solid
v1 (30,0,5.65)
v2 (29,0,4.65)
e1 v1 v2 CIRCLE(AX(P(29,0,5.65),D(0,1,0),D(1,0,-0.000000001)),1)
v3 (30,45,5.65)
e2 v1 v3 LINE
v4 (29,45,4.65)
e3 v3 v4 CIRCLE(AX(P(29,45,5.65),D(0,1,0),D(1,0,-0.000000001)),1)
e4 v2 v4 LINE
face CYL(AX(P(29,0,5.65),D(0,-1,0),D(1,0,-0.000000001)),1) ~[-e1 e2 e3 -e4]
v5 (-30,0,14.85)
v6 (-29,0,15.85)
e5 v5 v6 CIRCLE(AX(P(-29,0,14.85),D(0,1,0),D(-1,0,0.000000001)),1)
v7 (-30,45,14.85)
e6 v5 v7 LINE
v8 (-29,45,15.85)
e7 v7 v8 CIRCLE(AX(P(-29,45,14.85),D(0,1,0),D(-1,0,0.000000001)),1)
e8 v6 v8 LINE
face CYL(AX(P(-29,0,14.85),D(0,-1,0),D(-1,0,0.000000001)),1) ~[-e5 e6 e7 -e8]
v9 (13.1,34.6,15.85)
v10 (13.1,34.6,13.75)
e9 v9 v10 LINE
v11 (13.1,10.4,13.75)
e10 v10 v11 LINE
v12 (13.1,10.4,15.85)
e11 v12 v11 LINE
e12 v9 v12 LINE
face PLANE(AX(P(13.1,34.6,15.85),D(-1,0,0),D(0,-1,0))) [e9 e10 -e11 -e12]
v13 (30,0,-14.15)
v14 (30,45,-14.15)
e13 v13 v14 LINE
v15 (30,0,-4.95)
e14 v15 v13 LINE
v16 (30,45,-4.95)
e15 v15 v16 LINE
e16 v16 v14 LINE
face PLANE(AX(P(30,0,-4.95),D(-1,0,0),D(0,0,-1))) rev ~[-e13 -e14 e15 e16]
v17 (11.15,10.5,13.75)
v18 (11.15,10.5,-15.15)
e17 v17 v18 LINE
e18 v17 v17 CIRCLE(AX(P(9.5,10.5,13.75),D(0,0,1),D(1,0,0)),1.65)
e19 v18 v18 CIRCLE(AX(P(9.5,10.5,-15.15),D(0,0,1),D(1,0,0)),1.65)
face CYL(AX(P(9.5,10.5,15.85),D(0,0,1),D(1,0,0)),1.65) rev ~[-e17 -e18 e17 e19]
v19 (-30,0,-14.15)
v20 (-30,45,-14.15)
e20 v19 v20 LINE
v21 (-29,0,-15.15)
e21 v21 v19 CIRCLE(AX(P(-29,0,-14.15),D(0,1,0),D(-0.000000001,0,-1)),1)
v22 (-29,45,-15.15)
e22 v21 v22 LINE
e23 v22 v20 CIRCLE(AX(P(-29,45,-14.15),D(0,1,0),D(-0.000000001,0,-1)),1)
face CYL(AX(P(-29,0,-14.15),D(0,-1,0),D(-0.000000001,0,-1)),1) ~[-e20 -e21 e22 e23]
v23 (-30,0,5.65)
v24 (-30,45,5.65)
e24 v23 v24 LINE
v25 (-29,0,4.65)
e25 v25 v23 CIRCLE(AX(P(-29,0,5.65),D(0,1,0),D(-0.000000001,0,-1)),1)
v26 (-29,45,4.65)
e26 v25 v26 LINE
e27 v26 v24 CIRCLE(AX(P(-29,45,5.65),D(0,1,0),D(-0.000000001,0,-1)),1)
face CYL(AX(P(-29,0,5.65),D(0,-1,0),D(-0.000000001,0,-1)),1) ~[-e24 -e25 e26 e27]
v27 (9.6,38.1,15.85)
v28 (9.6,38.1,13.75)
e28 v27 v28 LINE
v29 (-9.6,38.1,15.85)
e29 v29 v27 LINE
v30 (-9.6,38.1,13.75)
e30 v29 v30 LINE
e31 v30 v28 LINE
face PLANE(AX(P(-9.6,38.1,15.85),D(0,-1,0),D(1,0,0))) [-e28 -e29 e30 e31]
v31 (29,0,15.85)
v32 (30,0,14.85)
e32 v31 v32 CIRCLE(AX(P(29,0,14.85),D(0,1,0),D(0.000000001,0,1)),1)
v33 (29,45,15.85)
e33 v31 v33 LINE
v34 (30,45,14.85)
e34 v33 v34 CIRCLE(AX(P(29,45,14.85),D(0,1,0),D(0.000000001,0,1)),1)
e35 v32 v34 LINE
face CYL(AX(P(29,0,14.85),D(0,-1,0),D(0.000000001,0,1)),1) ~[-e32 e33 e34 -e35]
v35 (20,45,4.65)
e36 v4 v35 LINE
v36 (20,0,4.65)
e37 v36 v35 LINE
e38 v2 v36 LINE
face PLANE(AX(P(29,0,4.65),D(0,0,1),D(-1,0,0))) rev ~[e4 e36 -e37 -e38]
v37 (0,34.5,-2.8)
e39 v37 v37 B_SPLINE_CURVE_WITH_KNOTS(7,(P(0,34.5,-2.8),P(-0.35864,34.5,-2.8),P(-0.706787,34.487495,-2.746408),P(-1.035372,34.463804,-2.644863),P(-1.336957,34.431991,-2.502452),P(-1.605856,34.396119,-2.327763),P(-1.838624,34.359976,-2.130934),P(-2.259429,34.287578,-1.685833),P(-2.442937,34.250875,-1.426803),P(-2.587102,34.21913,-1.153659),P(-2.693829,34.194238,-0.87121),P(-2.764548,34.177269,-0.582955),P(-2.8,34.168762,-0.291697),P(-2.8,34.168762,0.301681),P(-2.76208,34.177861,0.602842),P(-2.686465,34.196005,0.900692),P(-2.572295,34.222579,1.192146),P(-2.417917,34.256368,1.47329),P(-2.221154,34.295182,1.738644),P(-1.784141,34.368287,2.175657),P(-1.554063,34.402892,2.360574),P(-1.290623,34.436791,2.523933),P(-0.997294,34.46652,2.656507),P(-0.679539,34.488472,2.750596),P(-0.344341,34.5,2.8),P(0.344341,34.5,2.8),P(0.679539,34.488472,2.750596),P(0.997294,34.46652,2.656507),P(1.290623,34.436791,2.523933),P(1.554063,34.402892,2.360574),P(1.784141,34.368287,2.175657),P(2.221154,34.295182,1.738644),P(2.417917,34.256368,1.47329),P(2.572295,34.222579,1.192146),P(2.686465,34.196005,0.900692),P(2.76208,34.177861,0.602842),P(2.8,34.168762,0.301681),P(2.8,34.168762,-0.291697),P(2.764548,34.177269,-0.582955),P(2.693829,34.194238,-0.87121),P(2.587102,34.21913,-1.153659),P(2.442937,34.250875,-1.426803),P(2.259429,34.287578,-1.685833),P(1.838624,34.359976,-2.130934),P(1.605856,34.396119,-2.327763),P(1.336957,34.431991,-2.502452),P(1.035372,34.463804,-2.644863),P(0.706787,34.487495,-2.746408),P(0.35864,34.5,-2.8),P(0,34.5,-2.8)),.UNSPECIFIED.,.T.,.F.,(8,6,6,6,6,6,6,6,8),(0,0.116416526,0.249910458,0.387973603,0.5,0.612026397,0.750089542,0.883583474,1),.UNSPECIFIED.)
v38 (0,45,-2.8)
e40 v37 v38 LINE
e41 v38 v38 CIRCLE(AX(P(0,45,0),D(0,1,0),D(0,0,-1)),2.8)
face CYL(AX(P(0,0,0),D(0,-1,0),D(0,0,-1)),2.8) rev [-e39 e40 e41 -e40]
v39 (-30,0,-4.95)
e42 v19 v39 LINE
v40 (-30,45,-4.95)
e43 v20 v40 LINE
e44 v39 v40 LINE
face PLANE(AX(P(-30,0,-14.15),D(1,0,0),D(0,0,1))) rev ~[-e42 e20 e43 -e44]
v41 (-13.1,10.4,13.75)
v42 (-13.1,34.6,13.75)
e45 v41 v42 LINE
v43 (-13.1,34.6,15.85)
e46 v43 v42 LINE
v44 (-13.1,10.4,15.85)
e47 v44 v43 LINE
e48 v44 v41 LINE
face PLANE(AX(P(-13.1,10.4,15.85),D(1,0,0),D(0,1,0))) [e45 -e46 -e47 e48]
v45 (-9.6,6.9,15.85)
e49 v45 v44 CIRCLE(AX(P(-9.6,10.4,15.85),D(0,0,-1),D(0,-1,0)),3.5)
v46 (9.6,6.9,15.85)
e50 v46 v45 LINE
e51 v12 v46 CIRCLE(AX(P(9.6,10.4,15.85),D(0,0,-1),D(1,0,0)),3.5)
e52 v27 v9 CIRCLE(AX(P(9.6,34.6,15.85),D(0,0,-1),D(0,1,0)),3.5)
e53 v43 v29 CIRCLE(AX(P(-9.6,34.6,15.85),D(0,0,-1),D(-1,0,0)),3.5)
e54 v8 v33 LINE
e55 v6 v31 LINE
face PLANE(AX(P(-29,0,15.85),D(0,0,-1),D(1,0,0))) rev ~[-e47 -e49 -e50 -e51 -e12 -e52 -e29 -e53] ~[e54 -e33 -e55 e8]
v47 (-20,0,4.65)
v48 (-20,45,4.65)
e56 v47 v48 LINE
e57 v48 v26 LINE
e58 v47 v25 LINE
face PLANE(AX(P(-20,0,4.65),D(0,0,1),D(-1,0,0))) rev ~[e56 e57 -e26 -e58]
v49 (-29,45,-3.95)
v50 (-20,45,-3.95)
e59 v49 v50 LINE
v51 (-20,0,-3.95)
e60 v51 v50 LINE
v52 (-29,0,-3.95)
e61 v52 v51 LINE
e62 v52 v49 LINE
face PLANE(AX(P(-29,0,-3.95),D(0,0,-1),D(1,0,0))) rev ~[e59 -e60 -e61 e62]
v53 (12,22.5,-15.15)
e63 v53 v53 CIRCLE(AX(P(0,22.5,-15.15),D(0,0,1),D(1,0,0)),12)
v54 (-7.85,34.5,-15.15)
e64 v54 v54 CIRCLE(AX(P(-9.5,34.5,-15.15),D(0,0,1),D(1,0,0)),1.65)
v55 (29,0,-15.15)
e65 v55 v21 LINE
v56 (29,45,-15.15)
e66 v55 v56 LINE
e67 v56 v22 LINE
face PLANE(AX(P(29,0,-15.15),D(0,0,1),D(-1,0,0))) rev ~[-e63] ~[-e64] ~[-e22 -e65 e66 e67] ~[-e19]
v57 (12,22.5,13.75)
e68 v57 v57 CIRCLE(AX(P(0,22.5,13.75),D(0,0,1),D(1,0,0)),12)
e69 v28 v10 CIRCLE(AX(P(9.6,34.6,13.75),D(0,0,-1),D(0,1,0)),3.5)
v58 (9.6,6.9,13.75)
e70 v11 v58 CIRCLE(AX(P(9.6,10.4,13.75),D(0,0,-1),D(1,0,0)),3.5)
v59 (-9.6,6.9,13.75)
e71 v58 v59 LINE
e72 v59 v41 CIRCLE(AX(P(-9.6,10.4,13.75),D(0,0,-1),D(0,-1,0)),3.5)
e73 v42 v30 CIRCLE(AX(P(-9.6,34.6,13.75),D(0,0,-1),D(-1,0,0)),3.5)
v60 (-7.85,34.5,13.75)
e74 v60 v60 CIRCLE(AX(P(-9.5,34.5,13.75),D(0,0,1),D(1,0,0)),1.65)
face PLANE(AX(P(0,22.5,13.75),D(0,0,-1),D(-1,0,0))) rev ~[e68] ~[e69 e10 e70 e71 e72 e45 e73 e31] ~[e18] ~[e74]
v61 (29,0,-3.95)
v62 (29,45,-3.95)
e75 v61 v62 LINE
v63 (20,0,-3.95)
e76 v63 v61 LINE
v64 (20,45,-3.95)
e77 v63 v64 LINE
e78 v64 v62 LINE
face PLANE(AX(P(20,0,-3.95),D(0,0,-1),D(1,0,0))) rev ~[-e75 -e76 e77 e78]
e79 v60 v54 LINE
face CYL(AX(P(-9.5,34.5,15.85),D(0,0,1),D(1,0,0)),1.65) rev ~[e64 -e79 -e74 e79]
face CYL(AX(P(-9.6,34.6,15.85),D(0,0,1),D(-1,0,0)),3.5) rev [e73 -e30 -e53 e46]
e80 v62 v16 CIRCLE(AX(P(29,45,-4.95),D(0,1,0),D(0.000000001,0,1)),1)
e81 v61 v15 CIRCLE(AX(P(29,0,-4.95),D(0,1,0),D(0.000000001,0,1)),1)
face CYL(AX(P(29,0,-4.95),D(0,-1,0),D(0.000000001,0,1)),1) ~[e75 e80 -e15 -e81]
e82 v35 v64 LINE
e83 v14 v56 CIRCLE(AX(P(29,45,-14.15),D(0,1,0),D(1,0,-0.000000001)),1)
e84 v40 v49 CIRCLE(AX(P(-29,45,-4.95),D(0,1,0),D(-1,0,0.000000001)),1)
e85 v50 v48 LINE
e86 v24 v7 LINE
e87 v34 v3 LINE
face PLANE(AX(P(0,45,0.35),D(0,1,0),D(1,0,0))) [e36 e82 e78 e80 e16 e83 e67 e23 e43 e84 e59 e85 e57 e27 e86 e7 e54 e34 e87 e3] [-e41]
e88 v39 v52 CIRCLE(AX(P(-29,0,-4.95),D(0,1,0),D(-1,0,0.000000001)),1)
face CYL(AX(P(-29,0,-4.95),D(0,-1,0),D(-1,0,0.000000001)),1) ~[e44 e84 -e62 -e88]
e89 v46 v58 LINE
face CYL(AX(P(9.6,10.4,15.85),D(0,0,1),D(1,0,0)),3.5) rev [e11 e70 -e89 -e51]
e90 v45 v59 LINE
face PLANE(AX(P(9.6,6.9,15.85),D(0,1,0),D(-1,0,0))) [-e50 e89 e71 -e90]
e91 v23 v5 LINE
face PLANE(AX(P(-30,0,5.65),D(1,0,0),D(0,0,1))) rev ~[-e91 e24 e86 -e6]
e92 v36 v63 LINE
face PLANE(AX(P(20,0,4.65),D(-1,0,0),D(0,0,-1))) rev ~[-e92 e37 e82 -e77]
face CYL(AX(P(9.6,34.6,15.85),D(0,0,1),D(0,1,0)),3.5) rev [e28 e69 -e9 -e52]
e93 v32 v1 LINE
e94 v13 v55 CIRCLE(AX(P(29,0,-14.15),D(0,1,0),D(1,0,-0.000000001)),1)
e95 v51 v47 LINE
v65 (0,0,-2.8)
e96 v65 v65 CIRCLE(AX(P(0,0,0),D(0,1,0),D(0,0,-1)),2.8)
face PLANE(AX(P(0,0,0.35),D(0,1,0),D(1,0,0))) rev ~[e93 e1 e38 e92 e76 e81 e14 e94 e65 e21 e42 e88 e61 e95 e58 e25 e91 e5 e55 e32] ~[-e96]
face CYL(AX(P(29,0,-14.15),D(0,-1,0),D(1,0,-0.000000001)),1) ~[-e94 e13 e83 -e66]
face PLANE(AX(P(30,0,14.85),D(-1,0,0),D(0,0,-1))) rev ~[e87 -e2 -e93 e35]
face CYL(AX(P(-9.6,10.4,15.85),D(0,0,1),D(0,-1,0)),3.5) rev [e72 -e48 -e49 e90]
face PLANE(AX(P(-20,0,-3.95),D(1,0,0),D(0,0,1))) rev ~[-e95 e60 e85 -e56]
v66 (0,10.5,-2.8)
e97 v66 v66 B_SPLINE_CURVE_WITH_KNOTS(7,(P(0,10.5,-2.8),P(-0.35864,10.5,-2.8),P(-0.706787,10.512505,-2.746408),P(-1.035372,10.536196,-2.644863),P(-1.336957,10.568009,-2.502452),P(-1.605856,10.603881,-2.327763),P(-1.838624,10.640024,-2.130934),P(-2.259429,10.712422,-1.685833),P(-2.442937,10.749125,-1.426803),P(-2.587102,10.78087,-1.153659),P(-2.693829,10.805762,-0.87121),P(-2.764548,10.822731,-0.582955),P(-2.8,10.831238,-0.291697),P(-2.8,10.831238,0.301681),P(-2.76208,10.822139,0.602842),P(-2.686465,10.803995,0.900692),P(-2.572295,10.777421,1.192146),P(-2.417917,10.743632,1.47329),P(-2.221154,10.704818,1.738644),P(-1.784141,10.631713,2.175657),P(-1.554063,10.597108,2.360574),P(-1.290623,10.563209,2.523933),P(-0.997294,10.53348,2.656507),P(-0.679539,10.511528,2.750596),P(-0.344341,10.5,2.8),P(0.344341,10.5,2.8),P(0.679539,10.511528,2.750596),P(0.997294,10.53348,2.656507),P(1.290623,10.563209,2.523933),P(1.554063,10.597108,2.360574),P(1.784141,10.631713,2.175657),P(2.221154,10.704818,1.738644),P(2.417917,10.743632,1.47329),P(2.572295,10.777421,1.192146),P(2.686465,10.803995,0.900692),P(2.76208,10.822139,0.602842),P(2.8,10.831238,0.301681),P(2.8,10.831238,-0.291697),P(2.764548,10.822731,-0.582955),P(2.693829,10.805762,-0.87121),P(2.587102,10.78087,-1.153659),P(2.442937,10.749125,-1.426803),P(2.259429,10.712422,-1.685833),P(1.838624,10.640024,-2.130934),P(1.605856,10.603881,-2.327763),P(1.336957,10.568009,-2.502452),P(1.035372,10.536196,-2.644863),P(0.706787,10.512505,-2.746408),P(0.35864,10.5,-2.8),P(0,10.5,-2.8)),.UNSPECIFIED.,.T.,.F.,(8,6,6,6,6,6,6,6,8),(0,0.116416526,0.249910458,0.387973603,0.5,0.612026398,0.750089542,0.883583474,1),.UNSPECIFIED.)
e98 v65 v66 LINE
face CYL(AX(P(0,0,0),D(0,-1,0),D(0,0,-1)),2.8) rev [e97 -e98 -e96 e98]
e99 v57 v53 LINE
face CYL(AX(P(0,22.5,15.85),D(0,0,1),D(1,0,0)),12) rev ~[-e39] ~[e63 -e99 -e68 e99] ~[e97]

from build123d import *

# Parameters (mm, degrees)
SKETCH1_R           = 2.8
BOSS_EXTRUDE1_DEPTH = 45
SKETCH2_R           = 12
SKETCH2_R_2         = 1.65
CUT_EXTRUDE1_DEPTH  = 56
CUT_EXTRUDE2_DEPTH  = 2.1


with BuildPart() as part:
    # Sketch1 → Boss-Extrude1 (new body)
    with BuildSketch(Plane(origin=(0, 0, 0), x_dir=(1, 0, 0), z_dir=(0, 1, 0))):
        with BuildLine():
            Line((20, -4.65), (20, 3.95))
            Line((20, 3.95), (29, 3.95))
            ThreePointArc((29, 3.95), (29.707106781, 4.242893219), (30, 4.95))
            Line((30, 4.95), (30, 14.15))
            ThreePointArc((30, 14.15), (29.707106781, 14.857106781), (29, 15.15))
            Line((29, 15.15), (13.449427506, 15.15))
            Line((13.449427506, 15.15), (-20, 15.15))
            Line((-20, 15.15), (-29, 15.15))
            ThreePointArc((-29, 15.15), (-29.707106781, 14.857106781), (-30, 14.15))
            Line((-30, 14.15), (-30, 4.95))
            ThreePointArc((-30, 4.95), (-29.707106781, 4.242893219), (-29, 3.95))
            Line((-29, 3.95), (-20, 3.95))
            Line((-20, 3.95), (-20, -4.65))
            Line((-20, -4.65), (-29, -4.65))
            ThreePointArc((-29, -4.65), (-29.707106781, -4.942893219), (-30, -5.65))
            Line((-30, -5.65), (-30, -14.85))
            ThreePointArc((-30, -14.85), (-29.707106781, -15.557106781), (-29, -15.85))
            Line((-29, -15.85), (-20, -15.85))
            Line((-20, -15.85), (20, -15.85))
            Line((20, -15.85), (29, -15.85))
            ThreePointArc((29, -15.85), (29.707106781, -15.557106781), (30, -14.85))
            Line((30, -14.85), (30, -5.65))
            ThreePointArc((30, -5.65), (29.707106781, -4.942893219), (29, -4.65))
            Line((29, -4.65), (20, -4.65))
        make_face()
        with Locations(Location((0, 0, 0), (0, 0, 90))):
            Circle(SKETCH1_R, mode=Mode.SUBTRACT)
    extrude(amount=BOSS_EXTRUDE1_DEPTH)

    # Sketch2 → Cut-Extrude1 (cut)
    with BuildSketch(Plane.XY.offset(15.85)):
        with Locations((0, 22.5)):
            Circle(SKETCH2_R)
        with Locations((-9.5, 34.5)):
            Circle(SKETCH2_R_2)
        with Locations((9.5, 10.5)):
            Circle(SKETCH2_R_2)
    extrude(amount=-CUT_EXTRUDE1_DEPTH, mode=Mode.SUBTRACT)

    # Sketch3 → Cut-Extrude2 (cut)
    with BuildSketch(Plane.XY.offset(15.85)):
        with BuildLine():
            Line((-9.6, 38.1), (9.6, 38.1))
            ThreePointArc((9.6, 38.1), (12.074873734, 37.074873734), (13.1, 34.6))
            Line((13.1, 34.6), (13.1, 10.4))
            ThreePointArc((13.1, 10.4), (12.074873734, 7.925126266), (9.6, 6.9))
            Line((9.6, 6.9), (-9.6, 6.9))
            ThreePointArc((-9.6, 6.9), (-12.074873734, 7.925126266), (-13.1, 10.4))
            Line((-13.1, 10.4), (-13.1, 34.6))
            ThreePointArc((-13.1, 34.6), (-12.074873734, 37.074873734), (-9.6, 38.1))
        make_face()
    extrude(amount=-CUT_EXTRUDE2_DEPTH, mode=Mode.SUBTRACT)


solid = part.part
